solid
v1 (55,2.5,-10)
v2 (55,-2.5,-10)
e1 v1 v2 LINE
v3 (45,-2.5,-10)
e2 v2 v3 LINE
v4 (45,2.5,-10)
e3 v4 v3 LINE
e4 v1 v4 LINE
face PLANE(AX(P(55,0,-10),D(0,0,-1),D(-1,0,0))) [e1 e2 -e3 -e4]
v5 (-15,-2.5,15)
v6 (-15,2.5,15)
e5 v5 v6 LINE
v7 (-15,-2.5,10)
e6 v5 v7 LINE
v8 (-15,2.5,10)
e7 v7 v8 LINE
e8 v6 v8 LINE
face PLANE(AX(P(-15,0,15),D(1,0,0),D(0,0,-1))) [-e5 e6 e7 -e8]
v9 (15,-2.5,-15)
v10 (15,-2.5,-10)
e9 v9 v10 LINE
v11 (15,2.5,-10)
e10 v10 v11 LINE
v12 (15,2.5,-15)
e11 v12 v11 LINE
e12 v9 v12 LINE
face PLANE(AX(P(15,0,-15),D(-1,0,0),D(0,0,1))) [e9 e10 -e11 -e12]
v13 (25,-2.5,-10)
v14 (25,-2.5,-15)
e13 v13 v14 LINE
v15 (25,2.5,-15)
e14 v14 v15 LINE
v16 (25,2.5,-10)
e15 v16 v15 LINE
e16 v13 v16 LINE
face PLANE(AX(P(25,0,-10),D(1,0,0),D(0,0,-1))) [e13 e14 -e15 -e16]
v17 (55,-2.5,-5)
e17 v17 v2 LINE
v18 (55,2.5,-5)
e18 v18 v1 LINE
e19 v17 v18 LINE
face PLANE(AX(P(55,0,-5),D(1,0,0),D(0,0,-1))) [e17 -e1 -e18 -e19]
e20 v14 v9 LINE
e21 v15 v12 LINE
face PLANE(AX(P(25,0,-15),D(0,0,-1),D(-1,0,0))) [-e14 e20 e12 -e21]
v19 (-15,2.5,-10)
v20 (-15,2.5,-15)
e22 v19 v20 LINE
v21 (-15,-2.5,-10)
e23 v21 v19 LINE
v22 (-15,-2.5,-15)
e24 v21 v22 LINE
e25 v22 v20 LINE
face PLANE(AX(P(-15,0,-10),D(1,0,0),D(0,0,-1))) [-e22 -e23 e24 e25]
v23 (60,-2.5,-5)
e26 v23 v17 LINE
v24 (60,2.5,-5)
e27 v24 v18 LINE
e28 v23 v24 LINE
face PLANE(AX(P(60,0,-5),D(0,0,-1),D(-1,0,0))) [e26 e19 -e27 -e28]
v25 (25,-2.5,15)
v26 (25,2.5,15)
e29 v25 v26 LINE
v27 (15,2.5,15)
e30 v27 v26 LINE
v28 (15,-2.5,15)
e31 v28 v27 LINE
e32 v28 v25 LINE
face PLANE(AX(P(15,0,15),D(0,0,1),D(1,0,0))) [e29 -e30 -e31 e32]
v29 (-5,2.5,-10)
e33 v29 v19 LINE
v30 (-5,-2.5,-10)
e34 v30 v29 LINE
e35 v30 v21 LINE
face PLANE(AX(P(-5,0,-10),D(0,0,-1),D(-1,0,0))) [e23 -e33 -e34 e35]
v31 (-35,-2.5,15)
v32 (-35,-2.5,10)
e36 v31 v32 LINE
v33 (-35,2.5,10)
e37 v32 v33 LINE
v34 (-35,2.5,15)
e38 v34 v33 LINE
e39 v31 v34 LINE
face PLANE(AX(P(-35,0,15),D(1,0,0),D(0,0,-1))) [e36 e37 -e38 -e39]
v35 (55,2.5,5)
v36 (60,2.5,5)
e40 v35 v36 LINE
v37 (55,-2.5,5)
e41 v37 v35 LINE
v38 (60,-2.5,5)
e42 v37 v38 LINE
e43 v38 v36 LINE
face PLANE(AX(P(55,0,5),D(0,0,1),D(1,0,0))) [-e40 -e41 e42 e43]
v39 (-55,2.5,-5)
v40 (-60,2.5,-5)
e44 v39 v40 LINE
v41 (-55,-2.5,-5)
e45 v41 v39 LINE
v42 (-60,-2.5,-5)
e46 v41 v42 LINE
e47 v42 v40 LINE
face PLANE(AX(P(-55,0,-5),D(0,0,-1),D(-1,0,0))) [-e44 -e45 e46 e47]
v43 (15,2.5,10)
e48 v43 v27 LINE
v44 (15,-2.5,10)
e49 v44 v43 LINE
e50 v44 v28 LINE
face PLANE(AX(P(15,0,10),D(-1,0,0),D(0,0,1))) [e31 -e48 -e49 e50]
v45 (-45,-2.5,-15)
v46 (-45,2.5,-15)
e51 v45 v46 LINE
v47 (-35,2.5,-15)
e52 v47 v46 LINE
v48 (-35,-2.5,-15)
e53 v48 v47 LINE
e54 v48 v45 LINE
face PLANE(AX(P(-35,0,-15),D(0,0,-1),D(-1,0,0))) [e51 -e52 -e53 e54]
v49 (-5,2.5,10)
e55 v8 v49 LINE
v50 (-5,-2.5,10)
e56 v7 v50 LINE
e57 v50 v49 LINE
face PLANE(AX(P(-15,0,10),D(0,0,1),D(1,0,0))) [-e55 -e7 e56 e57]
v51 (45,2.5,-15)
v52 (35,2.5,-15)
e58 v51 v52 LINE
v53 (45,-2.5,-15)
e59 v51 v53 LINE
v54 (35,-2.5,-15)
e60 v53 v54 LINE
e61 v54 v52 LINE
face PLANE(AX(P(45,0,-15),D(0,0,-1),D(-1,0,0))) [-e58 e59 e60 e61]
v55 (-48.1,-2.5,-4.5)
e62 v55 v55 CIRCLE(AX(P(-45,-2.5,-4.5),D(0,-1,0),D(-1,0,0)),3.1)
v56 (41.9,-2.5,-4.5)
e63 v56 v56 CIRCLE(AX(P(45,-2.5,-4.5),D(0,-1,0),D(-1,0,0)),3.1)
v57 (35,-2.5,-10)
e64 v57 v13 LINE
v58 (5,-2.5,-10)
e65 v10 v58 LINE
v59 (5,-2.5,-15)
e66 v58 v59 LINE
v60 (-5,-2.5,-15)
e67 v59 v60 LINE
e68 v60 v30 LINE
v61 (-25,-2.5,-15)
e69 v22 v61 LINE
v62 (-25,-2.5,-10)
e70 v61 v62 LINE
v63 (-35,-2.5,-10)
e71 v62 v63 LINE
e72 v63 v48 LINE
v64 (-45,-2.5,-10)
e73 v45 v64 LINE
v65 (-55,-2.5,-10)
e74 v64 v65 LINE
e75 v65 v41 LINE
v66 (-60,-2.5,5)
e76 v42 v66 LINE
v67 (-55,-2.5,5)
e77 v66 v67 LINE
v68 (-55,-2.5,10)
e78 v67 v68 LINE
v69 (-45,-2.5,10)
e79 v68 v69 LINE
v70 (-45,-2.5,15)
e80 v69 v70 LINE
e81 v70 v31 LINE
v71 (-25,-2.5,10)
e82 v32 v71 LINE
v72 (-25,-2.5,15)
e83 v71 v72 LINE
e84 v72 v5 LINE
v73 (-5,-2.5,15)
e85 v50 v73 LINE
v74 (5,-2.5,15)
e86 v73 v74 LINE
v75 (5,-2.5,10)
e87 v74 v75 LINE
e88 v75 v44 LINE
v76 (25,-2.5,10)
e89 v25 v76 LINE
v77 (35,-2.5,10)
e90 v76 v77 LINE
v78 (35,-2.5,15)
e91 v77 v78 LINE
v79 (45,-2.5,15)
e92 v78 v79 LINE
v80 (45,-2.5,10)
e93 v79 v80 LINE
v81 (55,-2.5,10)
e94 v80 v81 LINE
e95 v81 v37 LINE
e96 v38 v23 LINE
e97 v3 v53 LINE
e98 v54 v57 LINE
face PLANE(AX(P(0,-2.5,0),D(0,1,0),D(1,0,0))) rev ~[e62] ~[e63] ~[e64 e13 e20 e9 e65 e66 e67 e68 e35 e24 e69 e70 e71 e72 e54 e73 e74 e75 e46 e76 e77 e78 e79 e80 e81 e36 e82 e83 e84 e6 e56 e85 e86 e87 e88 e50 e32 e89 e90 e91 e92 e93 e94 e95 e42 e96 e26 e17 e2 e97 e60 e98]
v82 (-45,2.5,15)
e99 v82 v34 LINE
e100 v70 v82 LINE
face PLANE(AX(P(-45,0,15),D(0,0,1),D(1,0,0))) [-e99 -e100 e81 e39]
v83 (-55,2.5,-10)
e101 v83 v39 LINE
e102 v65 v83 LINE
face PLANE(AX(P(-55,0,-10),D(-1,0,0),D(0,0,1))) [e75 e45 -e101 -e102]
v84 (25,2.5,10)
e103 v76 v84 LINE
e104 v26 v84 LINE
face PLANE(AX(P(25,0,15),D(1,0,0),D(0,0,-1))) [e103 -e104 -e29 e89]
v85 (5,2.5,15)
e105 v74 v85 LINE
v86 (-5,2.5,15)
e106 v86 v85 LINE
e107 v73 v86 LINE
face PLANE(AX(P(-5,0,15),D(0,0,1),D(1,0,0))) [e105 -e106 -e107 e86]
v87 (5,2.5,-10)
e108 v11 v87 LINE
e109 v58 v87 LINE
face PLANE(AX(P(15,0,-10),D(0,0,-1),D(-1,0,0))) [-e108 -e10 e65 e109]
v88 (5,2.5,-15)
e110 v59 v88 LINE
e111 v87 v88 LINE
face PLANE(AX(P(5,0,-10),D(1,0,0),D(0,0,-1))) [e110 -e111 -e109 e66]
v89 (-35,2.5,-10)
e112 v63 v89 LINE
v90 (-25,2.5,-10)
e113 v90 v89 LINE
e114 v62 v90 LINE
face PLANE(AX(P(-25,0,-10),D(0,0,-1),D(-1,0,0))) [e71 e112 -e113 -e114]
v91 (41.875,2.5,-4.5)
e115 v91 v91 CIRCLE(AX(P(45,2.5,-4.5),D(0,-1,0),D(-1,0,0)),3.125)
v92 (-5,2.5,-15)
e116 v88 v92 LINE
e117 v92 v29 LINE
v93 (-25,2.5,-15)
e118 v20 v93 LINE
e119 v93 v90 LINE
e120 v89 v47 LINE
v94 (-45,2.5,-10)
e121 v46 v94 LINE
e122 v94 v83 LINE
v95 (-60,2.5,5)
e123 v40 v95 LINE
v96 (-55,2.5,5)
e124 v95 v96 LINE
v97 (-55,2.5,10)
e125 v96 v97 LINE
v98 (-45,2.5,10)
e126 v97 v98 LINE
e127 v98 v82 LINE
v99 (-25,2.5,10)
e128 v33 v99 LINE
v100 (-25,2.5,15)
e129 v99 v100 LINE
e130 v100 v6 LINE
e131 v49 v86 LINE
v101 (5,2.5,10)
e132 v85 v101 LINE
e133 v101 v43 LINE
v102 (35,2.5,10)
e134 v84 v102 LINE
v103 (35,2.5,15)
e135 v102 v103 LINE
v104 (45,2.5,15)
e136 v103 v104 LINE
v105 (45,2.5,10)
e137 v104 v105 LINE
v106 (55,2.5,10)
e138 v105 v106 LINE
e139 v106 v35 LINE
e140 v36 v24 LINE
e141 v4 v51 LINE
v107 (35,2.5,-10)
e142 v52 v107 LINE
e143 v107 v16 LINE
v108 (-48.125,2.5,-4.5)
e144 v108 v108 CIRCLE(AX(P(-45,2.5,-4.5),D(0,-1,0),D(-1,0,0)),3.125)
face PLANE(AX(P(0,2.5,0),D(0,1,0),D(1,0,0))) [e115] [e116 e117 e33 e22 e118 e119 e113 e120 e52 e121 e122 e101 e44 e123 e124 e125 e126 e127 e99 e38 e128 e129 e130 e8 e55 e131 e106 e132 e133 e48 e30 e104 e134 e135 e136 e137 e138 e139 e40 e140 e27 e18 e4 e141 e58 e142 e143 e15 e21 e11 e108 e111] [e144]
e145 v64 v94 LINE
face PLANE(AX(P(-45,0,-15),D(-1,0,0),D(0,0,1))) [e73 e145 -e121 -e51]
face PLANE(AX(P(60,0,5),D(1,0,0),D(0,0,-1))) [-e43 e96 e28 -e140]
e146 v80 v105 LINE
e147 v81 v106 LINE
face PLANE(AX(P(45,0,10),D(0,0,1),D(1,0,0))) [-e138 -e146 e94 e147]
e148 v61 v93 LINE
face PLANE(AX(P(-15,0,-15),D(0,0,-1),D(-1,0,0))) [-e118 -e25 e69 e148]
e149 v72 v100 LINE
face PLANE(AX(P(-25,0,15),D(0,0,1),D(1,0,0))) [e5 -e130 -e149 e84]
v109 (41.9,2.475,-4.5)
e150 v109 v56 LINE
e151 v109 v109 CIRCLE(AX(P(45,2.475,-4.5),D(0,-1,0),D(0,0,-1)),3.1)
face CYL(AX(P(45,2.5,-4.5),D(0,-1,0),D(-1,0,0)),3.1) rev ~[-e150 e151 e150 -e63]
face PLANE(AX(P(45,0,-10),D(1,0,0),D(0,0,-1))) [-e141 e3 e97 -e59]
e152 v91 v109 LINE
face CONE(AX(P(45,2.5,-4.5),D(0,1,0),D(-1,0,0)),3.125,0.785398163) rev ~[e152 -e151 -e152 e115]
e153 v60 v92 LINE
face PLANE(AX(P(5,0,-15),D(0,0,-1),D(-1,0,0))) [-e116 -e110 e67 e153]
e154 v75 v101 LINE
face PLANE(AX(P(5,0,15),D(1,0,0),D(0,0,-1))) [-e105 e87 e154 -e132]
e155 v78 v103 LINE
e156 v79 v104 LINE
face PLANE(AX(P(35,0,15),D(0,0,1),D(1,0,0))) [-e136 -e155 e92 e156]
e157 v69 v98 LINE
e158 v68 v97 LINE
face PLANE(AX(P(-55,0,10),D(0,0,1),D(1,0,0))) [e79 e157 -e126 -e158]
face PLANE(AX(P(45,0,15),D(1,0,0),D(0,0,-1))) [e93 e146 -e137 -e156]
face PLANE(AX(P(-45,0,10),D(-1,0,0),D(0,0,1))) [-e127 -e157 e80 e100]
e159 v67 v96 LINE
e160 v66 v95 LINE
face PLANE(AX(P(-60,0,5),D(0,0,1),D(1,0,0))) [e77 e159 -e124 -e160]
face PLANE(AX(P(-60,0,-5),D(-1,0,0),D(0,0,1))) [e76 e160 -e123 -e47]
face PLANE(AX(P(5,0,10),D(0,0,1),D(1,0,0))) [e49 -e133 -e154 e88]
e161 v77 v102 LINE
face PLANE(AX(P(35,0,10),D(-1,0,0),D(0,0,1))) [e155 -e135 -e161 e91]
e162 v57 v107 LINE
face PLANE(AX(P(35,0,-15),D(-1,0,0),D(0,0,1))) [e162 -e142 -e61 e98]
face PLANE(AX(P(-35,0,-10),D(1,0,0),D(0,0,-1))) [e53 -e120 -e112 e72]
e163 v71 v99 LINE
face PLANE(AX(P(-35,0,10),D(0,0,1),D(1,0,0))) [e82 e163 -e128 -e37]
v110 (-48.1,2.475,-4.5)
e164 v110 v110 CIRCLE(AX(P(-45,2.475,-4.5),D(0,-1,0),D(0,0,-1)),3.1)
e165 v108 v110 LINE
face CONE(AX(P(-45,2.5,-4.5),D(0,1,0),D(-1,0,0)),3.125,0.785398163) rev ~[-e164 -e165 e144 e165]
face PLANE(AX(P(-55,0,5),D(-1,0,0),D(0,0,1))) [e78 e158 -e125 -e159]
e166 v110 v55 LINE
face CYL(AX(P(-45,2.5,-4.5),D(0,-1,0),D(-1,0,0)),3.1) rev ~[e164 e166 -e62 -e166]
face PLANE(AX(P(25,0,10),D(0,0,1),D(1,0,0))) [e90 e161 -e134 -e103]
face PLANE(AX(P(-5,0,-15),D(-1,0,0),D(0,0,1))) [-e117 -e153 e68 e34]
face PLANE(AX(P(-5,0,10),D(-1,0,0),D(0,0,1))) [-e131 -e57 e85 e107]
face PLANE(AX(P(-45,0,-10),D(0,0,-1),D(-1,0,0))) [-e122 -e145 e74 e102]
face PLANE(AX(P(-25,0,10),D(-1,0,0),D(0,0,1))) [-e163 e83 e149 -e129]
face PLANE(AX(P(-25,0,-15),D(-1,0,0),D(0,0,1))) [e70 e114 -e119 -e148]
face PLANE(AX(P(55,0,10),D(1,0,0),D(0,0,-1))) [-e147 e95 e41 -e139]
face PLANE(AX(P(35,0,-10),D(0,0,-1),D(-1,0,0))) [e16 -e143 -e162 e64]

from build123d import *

# Parameters (mm, degrees)
BOSS_EXTRUDE1_DEPTH                  = 2.5
F_6_2_6_2_DIAMETER_HOLE1_D           = 6.2
F_6_2_6_2_DIAMETER_HOLE1_CSINK_D     = 6.25
F_6_2_6_2_DIAMETER_HOLE1_CSINK_ANGLE = 90


with BuildPart() as part:
    # Sketch1 → Boss-Extrude1 (new, symmetric)
    with BuildSketch(Plane(origin=(0, 0, 0), x_dir=(1, 0, 0), z_dir=(0, 1, 0))):
        Polygon((45, 15), (35, 15), (35, 10), (25, 10), (25, 15), (15, 15), (15, 10), (5, 10), (5, 15), (-5, 15), (-5, 10), (-15, 10), (-15, 15), (-25, 15), (-25, 10), (-35, 10), (-35, 15), (-45, 15), (-45, 10), (-55, 10), (-55, 5), (-60, 5), (-60, -5), (-55, -5), (-55, -10), (-45, -10), (-45, -15), (-35, -15), (-35, -10), (-25, -10), (-25, -15), (-15, -15), (-15, -10), (-5, -10), (-5, -15), (5, -15), (5, -10), (15, -10), (15, -15), (25, -15), (25, -10), (35, -10), (35, -15), (45, -15), (45, -10), (55, -10), (55, -5), (60, -5), (60, 5), (55, 5), (55, 10), (45, 10), align=None)
    extrude(amount=BOSS_EXTRUDE1_DEPTH, both=True)

    # Ø6.2 (6.2) Diameter Hole1 (through all)
    with Locations(Plane(origin=(0, 2.5, 0), x_dir=(1, 0, 0), z_dir=(0, 1, 0))):
        with Locations((-45, 4.5), (45, 4.5)):
            CounterSinkHole(F_6_2_6_2_DIAMETER_HOLE1_D / 2, F_6_2_6_2_DIAMETER_HOLE1_CSINK_D / 2, counter_sink_angle=F_6_2_6_2_DIAMETER_HOLE1_CSINK_ANGLE)


solid = part.part
